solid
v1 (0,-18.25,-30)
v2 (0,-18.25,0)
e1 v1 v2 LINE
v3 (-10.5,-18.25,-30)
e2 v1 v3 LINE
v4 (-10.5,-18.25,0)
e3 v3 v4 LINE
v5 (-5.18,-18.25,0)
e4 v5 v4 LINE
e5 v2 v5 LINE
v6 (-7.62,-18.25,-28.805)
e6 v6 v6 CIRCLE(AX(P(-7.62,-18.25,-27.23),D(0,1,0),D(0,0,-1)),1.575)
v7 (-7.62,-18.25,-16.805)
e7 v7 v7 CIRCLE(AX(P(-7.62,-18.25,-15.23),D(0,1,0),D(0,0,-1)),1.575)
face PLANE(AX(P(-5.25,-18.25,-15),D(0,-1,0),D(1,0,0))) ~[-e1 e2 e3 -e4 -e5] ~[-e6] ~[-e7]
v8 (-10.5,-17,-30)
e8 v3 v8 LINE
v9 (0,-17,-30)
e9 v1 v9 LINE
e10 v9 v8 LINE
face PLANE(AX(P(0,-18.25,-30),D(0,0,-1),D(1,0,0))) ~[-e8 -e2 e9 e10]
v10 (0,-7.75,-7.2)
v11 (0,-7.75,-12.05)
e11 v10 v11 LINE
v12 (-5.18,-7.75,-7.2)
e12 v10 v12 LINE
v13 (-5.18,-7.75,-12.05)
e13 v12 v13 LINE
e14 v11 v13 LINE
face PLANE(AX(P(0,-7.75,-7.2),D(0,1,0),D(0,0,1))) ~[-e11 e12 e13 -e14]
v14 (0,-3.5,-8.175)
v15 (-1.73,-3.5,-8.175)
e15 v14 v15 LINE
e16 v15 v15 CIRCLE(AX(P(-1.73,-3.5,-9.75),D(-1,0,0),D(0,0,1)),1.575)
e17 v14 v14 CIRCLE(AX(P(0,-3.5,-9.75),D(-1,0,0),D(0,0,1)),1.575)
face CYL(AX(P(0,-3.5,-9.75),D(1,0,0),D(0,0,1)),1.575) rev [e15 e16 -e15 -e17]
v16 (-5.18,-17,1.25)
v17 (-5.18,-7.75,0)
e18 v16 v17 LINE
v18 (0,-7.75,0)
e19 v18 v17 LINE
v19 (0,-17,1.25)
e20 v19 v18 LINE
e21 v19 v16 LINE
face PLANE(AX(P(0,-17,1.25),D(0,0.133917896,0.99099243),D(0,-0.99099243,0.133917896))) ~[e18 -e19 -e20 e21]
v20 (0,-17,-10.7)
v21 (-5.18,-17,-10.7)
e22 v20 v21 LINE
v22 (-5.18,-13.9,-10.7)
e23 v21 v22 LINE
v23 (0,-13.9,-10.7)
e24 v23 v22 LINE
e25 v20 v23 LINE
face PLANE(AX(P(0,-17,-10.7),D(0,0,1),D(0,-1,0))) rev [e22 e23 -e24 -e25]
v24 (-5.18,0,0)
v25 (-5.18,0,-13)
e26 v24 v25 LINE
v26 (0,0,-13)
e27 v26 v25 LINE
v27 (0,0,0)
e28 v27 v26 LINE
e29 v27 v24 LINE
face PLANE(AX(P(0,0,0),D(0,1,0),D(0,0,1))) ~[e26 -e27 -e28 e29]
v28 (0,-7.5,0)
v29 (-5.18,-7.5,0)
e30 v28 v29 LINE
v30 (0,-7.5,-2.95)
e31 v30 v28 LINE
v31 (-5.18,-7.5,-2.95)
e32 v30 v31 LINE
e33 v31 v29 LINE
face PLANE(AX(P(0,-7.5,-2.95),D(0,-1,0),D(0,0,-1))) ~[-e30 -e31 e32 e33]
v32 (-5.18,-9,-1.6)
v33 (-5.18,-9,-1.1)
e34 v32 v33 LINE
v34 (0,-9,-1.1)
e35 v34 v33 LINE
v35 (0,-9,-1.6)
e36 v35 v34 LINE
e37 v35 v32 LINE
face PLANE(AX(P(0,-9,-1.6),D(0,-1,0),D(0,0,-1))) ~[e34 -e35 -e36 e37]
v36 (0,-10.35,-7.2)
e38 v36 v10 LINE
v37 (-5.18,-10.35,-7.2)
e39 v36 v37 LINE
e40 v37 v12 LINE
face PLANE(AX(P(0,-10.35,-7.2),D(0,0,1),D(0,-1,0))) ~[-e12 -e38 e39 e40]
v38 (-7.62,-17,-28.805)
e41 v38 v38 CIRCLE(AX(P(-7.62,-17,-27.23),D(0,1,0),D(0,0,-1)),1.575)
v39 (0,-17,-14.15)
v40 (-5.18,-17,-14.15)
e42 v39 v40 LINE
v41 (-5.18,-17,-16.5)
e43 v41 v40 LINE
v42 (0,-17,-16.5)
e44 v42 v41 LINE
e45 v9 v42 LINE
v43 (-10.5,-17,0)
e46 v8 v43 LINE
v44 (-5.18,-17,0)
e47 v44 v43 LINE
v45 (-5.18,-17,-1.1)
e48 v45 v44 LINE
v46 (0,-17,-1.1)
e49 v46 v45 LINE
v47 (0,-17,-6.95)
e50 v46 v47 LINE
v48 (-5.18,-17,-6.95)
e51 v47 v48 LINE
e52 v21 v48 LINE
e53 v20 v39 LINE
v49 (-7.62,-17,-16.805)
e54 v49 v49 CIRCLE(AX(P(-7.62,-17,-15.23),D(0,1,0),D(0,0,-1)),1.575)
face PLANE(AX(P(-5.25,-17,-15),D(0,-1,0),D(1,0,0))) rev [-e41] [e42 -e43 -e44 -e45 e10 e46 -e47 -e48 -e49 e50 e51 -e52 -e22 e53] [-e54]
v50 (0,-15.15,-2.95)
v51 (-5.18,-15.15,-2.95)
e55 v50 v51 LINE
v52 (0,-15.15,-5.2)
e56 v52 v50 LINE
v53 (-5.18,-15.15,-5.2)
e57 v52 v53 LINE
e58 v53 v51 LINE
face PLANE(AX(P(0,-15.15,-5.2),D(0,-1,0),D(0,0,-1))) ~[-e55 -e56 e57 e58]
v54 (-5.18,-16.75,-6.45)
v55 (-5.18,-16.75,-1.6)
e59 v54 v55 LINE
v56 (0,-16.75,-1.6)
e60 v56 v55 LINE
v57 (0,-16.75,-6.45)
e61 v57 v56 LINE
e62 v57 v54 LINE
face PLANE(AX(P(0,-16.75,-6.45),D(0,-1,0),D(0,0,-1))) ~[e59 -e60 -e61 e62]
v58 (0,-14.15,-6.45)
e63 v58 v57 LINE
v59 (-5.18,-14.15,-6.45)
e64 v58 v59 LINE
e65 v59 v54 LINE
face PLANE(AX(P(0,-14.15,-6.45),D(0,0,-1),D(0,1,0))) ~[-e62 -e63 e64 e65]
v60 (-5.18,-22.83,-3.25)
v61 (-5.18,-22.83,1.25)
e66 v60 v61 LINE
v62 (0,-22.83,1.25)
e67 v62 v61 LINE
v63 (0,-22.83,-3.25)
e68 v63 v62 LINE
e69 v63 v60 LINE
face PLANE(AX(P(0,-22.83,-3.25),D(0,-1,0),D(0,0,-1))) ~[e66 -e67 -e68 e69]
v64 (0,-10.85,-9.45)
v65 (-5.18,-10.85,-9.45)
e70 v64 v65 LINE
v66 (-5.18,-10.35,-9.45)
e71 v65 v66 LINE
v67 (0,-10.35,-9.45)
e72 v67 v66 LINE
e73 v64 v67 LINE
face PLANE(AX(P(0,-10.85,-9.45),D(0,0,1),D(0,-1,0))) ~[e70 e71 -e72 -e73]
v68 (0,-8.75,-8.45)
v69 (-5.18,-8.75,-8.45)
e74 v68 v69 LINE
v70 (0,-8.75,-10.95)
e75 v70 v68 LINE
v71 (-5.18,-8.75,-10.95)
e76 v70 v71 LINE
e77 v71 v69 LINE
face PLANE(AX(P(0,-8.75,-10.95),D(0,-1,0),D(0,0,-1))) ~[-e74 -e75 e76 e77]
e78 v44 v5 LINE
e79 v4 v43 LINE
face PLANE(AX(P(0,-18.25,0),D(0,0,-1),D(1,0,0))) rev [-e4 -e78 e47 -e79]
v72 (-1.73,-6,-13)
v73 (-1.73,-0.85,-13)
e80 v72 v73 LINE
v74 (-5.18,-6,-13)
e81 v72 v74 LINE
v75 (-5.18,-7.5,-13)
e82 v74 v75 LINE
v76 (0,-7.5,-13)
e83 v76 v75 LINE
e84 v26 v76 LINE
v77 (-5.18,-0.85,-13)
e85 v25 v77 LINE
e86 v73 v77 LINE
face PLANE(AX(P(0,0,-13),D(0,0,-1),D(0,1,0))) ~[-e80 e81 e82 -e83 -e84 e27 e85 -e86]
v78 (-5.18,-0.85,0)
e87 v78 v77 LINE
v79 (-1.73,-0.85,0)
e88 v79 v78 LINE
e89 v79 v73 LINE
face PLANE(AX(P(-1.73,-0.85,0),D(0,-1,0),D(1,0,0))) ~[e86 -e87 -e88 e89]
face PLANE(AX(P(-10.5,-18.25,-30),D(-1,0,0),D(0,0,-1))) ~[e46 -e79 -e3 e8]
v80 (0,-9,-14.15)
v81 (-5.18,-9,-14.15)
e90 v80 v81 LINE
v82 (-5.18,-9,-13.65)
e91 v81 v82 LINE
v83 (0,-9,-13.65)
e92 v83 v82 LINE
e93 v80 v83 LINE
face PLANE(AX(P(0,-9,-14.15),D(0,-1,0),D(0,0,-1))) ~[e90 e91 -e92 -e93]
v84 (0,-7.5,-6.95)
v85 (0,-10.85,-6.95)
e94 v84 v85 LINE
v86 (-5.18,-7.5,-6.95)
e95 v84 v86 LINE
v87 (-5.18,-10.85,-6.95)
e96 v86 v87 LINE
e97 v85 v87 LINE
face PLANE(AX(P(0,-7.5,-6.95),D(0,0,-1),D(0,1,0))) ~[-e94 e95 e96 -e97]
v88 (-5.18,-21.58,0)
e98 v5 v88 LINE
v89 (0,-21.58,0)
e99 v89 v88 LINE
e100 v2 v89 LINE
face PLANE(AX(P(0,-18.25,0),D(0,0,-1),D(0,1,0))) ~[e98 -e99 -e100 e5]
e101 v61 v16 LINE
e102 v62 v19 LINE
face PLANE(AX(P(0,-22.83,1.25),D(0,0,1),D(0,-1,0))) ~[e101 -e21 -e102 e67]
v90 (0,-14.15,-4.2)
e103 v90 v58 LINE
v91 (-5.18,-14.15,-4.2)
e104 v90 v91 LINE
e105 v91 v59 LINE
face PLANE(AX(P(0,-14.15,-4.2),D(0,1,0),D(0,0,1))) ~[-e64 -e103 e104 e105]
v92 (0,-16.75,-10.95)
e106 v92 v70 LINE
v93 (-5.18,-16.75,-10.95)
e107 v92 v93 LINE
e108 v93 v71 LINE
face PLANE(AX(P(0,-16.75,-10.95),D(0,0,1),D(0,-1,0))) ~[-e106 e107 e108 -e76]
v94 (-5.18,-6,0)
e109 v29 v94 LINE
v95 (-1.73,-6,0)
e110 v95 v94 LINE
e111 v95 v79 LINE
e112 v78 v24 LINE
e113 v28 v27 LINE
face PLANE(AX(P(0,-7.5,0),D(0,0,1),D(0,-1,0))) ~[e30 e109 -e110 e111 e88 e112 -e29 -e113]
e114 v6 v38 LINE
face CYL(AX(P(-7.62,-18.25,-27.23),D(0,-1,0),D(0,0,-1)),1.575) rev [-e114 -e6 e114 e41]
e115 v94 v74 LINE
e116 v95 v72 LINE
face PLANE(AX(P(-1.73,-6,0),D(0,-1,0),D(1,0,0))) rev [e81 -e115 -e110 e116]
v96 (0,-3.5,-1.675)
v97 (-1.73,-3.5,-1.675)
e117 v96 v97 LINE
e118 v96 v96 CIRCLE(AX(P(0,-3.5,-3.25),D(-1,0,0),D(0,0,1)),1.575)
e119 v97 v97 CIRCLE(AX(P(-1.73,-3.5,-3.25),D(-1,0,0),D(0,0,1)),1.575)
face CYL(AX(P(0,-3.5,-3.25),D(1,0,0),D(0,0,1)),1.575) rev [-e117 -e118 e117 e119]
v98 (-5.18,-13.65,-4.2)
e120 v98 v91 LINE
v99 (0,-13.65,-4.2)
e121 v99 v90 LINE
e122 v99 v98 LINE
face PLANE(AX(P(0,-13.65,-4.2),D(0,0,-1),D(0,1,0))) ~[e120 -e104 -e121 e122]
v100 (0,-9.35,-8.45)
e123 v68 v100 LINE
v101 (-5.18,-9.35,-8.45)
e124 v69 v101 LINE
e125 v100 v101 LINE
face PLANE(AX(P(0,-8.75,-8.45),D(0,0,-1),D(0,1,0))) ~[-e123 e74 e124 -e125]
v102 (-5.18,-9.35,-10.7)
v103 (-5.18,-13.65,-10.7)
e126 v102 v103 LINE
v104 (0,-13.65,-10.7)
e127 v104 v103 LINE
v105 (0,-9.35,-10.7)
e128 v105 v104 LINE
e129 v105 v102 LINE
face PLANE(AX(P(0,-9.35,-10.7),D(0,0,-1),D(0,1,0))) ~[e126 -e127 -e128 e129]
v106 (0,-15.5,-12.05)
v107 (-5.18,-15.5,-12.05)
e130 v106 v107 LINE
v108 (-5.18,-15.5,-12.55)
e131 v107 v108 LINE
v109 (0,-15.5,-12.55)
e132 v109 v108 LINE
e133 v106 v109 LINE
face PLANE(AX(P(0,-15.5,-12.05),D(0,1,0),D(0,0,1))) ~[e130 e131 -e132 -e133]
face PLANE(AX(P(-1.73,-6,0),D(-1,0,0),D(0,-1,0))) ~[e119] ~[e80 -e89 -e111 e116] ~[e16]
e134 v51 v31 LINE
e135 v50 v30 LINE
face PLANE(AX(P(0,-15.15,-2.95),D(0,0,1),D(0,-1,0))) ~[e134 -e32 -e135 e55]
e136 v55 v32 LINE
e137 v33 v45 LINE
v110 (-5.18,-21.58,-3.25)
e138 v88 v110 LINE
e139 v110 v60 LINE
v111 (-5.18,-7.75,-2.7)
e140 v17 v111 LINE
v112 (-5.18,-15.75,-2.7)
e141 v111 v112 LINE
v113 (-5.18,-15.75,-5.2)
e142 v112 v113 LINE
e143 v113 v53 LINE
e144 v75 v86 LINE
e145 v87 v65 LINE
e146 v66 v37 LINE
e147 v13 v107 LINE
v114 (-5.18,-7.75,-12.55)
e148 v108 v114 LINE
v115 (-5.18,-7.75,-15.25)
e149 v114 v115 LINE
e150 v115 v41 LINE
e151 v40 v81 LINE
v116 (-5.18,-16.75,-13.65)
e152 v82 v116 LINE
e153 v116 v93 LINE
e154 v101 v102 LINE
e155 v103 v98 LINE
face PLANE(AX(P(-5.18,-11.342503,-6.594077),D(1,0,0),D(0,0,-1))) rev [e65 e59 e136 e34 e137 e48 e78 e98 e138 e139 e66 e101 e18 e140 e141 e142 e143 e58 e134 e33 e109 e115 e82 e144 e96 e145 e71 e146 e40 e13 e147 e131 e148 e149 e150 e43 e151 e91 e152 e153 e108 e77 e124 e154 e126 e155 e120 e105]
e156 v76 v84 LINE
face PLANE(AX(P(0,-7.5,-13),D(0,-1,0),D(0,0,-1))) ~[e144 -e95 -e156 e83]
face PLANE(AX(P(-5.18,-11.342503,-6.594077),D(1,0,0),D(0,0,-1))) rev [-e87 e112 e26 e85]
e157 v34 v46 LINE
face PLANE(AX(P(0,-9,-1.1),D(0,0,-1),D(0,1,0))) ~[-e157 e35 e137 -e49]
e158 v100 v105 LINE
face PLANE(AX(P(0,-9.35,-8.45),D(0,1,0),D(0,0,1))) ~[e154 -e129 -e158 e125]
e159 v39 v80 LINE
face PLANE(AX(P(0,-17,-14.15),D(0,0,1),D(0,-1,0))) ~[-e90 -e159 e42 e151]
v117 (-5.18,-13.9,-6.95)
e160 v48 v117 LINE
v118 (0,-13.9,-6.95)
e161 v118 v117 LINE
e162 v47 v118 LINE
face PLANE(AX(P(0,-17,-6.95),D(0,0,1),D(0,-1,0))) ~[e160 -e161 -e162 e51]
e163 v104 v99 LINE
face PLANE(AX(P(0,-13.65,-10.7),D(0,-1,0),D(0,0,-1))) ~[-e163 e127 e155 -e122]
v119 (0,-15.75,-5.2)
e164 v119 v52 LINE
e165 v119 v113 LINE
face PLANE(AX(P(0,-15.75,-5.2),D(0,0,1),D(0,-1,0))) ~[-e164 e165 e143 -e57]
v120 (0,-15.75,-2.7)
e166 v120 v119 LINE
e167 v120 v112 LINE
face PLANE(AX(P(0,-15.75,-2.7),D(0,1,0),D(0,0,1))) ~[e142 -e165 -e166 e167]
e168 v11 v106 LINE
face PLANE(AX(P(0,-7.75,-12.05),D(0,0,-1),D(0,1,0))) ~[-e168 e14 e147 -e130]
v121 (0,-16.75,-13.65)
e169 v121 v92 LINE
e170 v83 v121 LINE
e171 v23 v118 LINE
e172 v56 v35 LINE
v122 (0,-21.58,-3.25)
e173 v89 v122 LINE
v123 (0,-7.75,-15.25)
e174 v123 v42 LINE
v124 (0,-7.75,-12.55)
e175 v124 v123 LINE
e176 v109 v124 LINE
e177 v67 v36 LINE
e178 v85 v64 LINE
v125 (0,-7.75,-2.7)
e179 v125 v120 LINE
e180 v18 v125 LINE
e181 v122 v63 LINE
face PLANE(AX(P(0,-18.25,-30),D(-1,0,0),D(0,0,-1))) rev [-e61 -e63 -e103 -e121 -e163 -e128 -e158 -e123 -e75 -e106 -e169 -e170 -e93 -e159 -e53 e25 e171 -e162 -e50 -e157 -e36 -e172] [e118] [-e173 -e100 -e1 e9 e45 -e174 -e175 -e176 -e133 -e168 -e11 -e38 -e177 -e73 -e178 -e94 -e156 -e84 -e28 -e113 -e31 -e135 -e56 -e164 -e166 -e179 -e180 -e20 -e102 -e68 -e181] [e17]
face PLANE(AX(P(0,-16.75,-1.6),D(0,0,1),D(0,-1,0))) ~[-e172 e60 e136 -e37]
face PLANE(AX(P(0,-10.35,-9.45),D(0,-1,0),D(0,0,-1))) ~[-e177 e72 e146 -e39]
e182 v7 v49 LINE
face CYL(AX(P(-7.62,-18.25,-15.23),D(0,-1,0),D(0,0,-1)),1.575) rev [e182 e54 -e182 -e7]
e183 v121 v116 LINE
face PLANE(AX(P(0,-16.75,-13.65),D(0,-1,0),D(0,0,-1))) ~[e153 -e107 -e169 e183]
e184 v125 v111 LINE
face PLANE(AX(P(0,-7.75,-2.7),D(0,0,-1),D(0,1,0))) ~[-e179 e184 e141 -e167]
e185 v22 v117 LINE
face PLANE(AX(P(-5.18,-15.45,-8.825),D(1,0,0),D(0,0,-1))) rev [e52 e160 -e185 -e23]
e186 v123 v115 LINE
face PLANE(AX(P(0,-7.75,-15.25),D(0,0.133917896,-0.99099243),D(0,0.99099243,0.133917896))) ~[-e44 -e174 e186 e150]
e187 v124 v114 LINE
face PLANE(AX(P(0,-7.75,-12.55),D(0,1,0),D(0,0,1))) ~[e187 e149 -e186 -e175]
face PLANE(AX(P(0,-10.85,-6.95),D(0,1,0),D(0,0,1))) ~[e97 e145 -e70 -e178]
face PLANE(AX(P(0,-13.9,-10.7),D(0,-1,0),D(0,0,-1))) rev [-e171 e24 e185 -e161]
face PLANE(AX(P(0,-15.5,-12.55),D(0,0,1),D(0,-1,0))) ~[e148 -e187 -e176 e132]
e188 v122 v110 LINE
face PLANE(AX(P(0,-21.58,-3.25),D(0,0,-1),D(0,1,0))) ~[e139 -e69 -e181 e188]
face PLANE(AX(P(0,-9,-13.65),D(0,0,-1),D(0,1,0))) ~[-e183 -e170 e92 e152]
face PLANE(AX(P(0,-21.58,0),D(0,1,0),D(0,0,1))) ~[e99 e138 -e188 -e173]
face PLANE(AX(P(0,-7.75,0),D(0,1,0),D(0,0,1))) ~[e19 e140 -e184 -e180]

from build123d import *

# Parameters (mm, degrees)
BOSS_EXTRUDE1_DEPTH = 5.18
CUT_EXTRUDE1_REACH  = 30.641
SKETCH2_W           = 3.45
SKETCH2_H           = 5.15
SKETCH3_W           = 10.5
SKETCH3_H           = 30
SKETCH3_R           = 1.575
BOSS_EXTRUDE2_DEPTH = 1.25
CUT_EXTRUDE3_REACH  = 41.134
SKETCH7_R           = 1.575
SKETCH8_W           = 3.75
SKETCH8_H           = 3.1
BOSS_EXTRUDE3_DEPTH = 5.18


with BuildPart() as part:
    # Sketch1 → Boss-Extrude1 (new body)
    with BuildSketch(Plane(origin=(0, 0, 0), x_dir=(0, 0, -1), z_dir=(1, 0, 0))):
        Polygon((0, 0), (13, 0), (13, -7.5), (6.95, -7.5), (6.95, -10.85), (9.45, -10.85), (9.45, -10.35), (7.2, -10.35), (7.2, -7.75), (12.05, -7.75), (12.05, -15.5), (12.55, -15.5), (12.55, -7.75), (15.25, -7.75), (16.5, -17), (16.5, -18.25), (0, -18.25), (0, -21.58), (3.25, -21.58), (3.25, -22.83), (-1.25, -22.83), (-1.25, -17), (0, -7.75), (2.7, -7.75), (2.7, -15.75), (5.2, -15.75), (5.2, -15.15), (2.95, -15.15), (2.95, -7.5), (0, -7.5), align=None)
        Polygon((10.7, -9.35), (10.7, -13.65), (4.2, -13.65), (4.2, -14.15), (6.45, -14.15), (6.45, -16.75), (1.6, -16.75), (1.6, -9), (1.1, -9), (1.1, -17), (14.15, -17), (14.15, -9), (13.65, -9), (13.65, -16.75), (10.95, -16.75), (10.95, -8.75), (8.45, -8.75), (8.45, -9.35), align=None, mode=Mode.SUBTRACT)
    extrude(amount=BOSS_EXTRUDE1_DEPTH)

    # Sketch2 → Cut-Extrude1 (cut, up to next)
    with BuildSketch(Plane.XY, mode=Mode.PRIVATE) as cut_extrude1_sk1:
        with Locations((3.455, -3.425)):
            Rectangle(SKETCH2_W, SKETCH2_H)
    cut_extrude1_tool1 = extrude(cut_extrude1_sk1.sketch, amount=-CUT_EXTRUDE1_REACH, mode=Mode.PRIVATE) & part.part
    add(cut_extrude1_tool1.solids().sort_by_distance((3.455, -3.425, 0))[0], mode=Mode.SUBTRACT)

    # Sketch3 → Boss-Extrude2 (add)
    with BuildSketch(Plane.XZ.offset(18.25)):
        with Locations((5.25, -15)):
            Rectangle(SKETCH3_W, SKETCH3_H)
        with Locations(Location((7.62, -15.23, 0), (0, 0, 270))):
            Circle(SKETCH3_R, mode=Mode.SUBTRACT)
        with Locations(Location((7.62, -27.23, 0), (0, 0, 270))):
            Circle(SKETCH3_R, mode=Mode.SUBTRACT)
    extrude(amount=-BOSS_EXTRUDE2_DEPTH)

    # Sketch7 → Cut-Extrude3 (cut, up to next)
    with BuildSketch(Plane.ZY, mode=Mode.PRIVATE) as cut_extrude3_sk1:
        with Locations((-3.25, -3.5)):
            Circle(SKETCH7_R)
    cut_extrude3_tool1 = extrude(cut_extrude3_sk1.sketch, amount=-CUT_EXTRUDE3_REACH, mode=Mode.PRIVATE) & part.part
    # Sketch7 → Cut-Extrude3 (cut, up to next)
    with BuildSketch(Plane.ZY, mode=Mode.PRIVATE) as cut_extrude3_sk2:
        with Locations((-9.75, -3.5)):
            Circle(SKETCH7_R)
    cut_extrude3_tool2 = extrude(cut_extrude3_sk2.sketch, amount=-CUT_EXTRUDE3_REACH, mode=Mode.PRIVATE) & part.part
    add(cut_extrude3_tool1.solids().sort_by_distance((0, -3.5, -3.25))[0], mode=Mode.SUBTRACT)
    add(cut_extrude3_tool2.solids().sort_by_distance((0, -3.5, -9.75))[0], mode=Mode.SUBTRACT)

    # Sketch8 → Boss-Extrude3 (add)
    with BuildSketch(Plane.ZY):
        with Locations((-8.825, -15.45)):
            Rectangle(SKETCH8_W, SKETCH8_H)
    extrude(amount=-BOSS_EXTRUDE3_DEPTH)


with BuildPart() as body_2:
    # Mirror3: mirrored copy
    add(part.part.mirror(Plane(origin=(0, 0, 0), x_dir=(0, 0, 1), z_dir=(1, 0, 0))))


solid = body_2.part
